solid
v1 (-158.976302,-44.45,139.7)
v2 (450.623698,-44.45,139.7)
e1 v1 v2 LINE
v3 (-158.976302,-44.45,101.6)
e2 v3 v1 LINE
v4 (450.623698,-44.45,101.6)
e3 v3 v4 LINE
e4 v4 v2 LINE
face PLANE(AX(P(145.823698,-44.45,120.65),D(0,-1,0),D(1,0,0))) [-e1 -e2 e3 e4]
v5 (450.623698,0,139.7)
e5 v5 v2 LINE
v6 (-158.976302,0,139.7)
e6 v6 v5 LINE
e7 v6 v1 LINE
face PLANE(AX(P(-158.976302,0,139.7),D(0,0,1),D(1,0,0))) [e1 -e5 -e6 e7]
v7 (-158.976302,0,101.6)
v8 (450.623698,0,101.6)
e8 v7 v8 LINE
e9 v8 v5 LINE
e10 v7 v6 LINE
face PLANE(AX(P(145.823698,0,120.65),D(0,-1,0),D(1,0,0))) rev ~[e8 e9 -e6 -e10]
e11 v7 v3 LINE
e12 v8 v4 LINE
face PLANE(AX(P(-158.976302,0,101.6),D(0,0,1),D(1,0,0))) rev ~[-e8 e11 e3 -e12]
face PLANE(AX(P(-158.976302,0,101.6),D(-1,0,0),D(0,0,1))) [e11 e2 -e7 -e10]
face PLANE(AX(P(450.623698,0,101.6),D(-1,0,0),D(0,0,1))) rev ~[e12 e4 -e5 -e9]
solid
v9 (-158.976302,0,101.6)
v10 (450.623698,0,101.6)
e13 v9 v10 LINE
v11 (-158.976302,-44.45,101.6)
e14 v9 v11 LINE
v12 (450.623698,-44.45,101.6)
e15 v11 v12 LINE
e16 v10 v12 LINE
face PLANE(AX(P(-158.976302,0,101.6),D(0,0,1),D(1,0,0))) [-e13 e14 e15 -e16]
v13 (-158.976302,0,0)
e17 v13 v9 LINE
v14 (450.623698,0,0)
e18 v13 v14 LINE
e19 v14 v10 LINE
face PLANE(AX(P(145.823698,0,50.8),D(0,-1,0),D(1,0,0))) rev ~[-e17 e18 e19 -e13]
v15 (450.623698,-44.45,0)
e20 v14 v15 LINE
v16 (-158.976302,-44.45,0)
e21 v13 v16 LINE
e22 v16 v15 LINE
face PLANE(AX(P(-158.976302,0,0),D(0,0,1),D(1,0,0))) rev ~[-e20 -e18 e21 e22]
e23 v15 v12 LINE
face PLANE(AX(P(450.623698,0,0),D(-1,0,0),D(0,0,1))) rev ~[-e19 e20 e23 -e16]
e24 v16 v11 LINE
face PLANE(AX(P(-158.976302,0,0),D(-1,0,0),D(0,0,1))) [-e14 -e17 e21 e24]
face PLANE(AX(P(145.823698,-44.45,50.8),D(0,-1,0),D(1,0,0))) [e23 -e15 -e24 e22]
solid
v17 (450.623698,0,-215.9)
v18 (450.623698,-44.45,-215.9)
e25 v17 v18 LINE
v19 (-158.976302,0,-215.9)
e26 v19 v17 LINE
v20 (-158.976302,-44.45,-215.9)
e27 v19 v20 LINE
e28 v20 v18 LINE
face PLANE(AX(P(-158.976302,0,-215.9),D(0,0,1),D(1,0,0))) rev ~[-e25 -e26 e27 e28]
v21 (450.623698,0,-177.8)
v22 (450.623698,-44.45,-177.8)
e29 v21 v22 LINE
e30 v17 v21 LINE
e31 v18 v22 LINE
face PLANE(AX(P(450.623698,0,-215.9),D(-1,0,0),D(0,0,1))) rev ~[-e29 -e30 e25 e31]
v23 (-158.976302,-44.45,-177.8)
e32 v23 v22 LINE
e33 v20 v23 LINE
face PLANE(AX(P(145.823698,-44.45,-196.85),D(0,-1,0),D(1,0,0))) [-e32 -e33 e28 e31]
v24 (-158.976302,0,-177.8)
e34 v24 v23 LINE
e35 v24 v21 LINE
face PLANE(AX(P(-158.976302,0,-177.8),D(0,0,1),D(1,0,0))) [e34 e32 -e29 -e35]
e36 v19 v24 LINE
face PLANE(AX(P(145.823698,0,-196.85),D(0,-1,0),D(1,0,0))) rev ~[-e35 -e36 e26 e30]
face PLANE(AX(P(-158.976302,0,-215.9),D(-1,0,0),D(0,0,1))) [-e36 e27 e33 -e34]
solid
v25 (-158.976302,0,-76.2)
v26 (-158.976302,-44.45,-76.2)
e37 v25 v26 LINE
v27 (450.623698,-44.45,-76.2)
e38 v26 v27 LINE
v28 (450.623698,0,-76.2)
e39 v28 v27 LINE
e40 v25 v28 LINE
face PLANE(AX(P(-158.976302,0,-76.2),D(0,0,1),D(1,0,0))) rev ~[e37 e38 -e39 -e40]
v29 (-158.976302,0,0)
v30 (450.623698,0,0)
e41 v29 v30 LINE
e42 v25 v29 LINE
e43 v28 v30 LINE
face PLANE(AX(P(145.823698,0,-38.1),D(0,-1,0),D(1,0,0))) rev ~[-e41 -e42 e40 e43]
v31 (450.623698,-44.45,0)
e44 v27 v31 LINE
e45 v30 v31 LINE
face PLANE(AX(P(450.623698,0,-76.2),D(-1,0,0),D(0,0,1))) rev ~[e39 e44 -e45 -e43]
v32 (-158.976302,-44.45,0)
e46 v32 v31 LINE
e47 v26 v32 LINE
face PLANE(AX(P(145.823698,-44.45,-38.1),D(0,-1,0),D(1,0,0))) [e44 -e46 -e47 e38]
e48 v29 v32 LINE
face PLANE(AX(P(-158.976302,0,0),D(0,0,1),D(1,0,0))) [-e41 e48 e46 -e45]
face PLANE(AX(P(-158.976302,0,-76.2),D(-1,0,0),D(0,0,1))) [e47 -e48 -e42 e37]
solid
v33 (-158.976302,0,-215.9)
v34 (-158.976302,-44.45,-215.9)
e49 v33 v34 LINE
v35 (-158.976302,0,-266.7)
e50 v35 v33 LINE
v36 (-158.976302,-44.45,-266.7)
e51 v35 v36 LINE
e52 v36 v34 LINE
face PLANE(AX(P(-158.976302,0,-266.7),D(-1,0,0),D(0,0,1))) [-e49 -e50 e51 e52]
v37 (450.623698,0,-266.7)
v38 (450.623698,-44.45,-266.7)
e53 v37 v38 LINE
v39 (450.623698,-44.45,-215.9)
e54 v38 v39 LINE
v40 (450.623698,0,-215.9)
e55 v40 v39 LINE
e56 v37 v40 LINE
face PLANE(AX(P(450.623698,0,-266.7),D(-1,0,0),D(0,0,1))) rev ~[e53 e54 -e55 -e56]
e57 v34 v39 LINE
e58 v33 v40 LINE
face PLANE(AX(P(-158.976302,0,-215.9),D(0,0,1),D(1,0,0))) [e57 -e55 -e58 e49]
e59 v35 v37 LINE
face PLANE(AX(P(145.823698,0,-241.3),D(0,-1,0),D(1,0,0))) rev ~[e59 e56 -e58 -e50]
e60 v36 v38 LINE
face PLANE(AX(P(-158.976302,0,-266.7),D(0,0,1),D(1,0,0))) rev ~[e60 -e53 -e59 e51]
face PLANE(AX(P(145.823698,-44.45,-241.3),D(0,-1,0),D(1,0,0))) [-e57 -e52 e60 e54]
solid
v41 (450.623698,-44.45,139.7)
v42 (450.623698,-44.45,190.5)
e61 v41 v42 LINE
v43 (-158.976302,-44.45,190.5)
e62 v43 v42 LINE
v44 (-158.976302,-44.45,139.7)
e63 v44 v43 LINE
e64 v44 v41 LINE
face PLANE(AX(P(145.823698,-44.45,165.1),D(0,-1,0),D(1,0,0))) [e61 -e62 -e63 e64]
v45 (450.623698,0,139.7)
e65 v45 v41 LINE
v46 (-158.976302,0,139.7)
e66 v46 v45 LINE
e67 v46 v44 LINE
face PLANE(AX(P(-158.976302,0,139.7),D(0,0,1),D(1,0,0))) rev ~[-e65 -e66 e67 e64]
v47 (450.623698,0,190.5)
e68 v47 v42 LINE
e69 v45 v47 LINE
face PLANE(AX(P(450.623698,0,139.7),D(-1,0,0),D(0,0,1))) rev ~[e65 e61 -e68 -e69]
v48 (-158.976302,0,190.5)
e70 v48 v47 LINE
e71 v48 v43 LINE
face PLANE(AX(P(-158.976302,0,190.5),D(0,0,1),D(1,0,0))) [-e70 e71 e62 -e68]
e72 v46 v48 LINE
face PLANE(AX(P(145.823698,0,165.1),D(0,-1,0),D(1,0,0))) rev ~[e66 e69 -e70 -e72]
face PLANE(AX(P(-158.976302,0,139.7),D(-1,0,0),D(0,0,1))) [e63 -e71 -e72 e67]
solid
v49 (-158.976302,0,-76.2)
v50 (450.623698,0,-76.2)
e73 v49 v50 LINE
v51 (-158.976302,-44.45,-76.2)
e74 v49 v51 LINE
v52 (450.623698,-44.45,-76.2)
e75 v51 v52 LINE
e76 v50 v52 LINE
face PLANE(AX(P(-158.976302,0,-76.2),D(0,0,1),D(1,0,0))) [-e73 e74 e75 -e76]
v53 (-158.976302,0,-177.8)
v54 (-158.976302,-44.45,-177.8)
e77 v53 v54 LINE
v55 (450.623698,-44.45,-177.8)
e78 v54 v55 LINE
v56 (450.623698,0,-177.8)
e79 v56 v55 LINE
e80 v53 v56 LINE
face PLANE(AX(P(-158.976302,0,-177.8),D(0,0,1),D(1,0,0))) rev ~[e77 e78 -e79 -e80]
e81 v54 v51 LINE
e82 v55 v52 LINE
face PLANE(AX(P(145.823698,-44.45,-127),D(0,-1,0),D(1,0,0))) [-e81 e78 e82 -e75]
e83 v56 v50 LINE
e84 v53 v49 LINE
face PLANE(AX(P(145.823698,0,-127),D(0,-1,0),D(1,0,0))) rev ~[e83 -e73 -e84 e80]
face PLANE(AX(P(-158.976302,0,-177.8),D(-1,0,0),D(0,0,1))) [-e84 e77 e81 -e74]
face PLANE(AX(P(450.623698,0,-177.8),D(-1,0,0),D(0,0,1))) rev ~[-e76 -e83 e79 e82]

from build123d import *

# Parameters (mm, degrees)
F0_W     = 609.6
F0_H     = 38.1
F1_DEPTH = 44.45
F2_DEPTH = 44.45
F0_H_2   = 101.6
F0_H_3   = 50.8
F3_DEPTH = 44.45
F0_H_4   = 76.2
F4_DEPTH = 44.45
F5_DEPTH = 44.45


with BuildPart() as f1:
    # F0 (on Front) → F1 (new body)
    with BuildSketch(Plane.XZ):
        with Locations((145.823698, 120.65)):
            Rectangle(F0_W, F0_H)
    extrude(amount=F1_DEPTH)


with BuildPart() as f2:
    # F0 (on Front) → F2 (new body)
    with BuildSketch(Plane.XZ):
        with Locations((145.823698, -196.85)):
            Rectangle(F0_W, F0_H)
    extrude(amount=F2_DEPTH)


with BuildPart() as f3:
    # F0 (on Front) → F3 (new body)
    with BuildSketch(Plane.XZ):
        with Locations((145.823698, 50.8)):
            Rectangle(F0_W, F0_H_2)
        with Locations((145.823698, 165.1)):
            Rectangle(F0_W, F0_H_3)
        with Locations((145.823698, -241.3)):
            Rectangle(F0_W, F0_H_3)
    extrude(amount=F3_DEPTH)


with BuildPart() as f4:
    # F0 (on Front) → F4 (new body)
    with BuildSketch(Plane.XZ):
        with Locations((145.823698, -38.1)):
            Rectangle(F0_W, F0_H_4)
    extrude(amount=F4_DEPTH)


with BuildPart() as f5:
    # F0 (on Front) → F5 (new body)
    with BuildSketch(Plane.XZ):
        with Locations((145.823698, -127)):
            Rectangle(F0_W, F0_H_2)
    extrude(amount=F5_DEPTH)


solid = Compound([f1.part, f2.part, f3.part, f4.part, f5.part])
